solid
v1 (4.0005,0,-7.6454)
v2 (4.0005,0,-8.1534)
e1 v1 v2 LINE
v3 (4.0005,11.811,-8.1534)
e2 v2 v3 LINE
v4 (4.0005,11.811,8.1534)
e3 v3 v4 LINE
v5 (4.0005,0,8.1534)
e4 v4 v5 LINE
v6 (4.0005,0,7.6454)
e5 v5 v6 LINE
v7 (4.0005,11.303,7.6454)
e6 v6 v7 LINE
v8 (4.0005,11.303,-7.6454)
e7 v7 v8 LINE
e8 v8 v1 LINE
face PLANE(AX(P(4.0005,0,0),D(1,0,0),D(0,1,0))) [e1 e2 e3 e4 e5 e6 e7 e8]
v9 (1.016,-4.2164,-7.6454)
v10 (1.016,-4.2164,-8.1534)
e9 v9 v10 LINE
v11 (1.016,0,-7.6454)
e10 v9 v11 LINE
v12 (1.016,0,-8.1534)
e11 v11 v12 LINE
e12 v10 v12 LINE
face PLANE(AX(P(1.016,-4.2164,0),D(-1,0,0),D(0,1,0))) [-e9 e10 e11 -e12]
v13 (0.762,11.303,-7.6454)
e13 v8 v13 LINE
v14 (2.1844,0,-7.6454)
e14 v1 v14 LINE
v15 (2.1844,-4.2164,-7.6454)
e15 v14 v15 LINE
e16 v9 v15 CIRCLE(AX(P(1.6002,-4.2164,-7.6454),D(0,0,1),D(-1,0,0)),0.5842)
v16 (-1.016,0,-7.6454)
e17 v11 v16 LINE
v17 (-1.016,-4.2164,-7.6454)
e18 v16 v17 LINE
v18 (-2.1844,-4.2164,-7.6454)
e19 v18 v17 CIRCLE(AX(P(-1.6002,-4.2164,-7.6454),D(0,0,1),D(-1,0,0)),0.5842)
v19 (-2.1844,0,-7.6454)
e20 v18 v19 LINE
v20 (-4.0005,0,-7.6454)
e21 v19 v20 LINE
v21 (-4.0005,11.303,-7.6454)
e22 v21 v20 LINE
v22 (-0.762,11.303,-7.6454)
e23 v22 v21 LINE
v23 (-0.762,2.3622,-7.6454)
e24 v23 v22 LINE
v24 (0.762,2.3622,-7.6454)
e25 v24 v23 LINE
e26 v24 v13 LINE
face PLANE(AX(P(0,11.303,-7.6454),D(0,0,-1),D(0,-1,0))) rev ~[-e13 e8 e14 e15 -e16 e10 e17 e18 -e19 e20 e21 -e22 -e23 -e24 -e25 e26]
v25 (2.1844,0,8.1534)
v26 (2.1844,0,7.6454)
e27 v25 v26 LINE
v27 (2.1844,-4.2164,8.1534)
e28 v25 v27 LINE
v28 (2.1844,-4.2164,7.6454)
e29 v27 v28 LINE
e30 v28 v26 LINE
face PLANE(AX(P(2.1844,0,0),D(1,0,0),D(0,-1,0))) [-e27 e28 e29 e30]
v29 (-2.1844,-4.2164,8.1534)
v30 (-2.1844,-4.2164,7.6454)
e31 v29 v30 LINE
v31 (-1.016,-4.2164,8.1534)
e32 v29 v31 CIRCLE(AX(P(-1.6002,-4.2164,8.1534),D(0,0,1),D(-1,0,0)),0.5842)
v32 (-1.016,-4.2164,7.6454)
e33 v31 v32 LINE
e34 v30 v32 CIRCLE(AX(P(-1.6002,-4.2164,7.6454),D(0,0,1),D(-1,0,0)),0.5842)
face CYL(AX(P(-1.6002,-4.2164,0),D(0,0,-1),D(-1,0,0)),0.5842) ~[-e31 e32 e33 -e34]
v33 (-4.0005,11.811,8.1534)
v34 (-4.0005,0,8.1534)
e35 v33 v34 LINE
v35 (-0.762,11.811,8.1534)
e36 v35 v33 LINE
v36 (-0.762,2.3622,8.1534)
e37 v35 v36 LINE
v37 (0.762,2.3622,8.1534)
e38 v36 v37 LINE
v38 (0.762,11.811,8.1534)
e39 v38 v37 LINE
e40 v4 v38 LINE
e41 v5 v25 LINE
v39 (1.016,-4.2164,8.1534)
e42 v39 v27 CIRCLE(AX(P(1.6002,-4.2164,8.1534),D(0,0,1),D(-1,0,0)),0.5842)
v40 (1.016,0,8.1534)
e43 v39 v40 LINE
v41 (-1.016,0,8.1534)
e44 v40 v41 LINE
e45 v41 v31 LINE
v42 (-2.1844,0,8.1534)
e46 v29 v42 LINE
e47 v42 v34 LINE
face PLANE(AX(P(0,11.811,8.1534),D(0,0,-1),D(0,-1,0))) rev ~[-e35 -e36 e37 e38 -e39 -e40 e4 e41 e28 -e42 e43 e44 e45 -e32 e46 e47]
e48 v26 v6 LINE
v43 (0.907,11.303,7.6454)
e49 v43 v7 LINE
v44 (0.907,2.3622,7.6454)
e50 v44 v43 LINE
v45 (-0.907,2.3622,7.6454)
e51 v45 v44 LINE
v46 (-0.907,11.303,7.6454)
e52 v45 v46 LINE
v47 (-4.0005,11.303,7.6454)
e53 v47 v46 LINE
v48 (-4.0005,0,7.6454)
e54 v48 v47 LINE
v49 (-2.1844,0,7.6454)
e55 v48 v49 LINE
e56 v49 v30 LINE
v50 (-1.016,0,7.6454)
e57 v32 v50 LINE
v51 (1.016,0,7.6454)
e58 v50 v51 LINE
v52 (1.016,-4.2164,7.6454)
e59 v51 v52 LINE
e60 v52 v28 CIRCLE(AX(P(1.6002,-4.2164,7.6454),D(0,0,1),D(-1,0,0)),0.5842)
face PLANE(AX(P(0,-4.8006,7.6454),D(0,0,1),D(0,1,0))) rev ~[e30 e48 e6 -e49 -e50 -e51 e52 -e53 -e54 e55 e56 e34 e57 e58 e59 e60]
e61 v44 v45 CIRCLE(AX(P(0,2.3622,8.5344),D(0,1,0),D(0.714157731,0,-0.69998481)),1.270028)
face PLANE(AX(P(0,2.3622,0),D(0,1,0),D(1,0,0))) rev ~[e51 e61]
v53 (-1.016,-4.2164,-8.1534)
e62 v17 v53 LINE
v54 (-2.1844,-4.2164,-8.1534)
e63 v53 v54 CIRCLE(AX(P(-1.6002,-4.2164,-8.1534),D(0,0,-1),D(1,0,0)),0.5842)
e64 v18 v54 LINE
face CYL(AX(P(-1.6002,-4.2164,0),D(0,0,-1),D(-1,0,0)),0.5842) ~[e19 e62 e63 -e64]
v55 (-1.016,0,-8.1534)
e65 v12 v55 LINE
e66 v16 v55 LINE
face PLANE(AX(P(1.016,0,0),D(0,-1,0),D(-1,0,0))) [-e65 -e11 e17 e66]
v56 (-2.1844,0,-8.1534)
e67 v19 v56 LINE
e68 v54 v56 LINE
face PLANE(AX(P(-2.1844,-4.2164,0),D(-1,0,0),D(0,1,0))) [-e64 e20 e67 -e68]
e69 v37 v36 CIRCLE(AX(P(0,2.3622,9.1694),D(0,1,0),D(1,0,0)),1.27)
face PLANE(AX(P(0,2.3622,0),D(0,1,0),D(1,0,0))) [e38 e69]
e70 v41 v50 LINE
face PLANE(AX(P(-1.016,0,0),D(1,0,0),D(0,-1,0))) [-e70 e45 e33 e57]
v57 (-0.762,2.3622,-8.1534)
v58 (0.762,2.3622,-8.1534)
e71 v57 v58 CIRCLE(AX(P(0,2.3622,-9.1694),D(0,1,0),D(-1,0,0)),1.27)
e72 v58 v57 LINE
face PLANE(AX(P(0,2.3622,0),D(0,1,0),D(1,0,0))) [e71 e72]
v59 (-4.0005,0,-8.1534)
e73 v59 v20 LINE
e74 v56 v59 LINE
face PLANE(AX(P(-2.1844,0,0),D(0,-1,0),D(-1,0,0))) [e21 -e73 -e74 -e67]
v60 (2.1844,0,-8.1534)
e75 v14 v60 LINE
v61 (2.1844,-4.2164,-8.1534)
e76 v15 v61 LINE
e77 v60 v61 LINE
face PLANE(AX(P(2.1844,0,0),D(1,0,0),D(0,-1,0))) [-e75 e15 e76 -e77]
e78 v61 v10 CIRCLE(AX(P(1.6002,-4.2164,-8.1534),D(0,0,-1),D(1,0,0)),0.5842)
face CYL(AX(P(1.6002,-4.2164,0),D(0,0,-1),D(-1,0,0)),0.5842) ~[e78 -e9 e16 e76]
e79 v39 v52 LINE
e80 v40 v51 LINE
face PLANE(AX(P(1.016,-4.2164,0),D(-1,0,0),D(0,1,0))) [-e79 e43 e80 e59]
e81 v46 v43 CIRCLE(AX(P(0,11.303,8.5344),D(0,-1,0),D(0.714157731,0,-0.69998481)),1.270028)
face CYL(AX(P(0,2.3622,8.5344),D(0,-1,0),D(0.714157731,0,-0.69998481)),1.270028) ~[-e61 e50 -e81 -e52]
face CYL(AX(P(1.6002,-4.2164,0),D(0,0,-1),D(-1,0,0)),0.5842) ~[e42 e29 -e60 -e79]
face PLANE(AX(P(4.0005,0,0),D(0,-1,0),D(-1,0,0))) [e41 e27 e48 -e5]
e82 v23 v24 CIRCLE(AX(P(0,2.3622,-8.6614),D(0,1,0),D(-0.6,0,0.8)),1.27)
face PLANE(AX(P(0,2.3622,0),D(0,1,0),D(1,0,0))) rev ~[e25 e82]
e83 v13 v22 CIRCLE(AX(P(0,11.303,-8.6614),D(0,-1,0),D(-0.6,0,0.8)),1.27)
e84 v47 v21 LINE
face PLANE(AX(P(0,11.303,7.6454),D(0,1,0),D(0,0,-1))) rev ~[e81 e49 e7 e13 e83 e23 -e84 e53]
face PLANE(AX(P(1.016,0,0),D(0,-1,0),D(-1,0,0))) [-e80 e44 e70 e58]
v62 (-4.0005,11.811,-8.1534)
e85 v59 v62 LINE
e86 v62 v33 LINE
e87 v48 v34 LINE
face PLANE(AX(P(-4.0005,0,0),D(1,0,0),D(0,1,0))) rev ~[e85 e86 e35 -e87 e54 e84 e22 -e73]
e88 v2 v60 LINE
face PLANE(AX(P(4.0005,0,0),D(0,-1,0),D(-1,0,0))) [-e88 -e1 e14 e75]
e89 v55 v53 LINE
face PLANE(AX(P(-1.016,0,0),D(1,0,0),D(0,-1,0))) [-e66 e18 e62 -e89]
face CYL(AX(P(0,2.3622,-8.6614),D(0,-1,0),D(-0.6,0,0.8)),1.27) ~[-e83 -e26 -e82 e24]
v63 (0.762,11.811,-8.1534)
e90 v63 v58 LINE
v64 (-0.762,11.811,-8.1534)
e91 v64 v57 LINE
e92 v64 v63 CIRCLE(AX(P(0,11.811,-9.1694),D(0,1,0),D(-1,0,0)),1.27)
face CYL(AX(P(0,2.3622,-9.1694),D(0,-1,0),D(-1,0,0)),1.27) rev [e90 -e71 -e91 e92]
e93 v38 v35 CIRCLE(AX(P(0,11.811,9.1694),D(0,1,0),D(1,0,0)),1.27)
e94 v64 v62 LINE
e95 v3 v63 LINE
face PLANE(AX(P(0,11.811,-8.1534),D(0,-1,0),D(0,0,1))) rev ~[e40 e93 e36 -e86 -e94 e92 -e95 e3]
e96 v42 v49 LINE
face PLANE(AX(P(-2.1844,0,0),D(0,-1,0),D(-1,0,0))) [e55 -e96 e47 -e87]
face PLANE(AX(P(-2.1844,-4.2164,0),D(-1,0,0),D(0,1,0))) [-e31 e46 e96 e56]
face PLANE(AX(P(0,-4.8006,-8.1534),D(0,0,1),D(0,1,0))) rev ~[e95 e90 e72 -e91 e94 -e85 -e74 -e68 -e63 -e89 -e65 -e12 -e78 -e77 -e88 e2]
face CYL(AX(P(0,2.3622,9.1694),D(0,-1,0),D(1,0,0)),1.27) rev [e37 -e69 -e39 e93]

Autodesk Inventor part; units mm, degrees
sketch "Sketch_1" plane through (0, 0, 0) normal (1, 0, 0) x (0, 1, 0)
  line L0 (-4.8006, 8.1534) -> (-4.8006, 7.6454)
  line L1 (-4.8006, 7.6454) -> (11.303, 7.6454)
  line L2 (11.303, 7.6454) -> (11.303, -7.6454)
  line L3 (11.303, -7.6454) -> (-4.8006, -7.6454)
  line L4 (-4.8006, -7.6454) -> (-4.8006, -8.1534)
  line L5 (-4.8006, -8.1534) -> (11.811, -8.1534)
  line L6 (11.811, -8.1534) -> (11.811, 8.1534)
  line L7 (11.811, 8.1534) -> (-4.8006, 8.1534)
extrude "Extrusion1" add sketch "Sketch_1" along normal mid plane 8.001
sketch "Sketch_2" plane through (0, 0, 0) normal (0, 0, 1) x (1, 0, 0)
  line L0 (-4.0005, 0) -> (-4.0005, -4.953)
  line L1 (-4.0005, -4.953) -> (4.0005, -4.953)
  line L2 (4.0005, -4.953) -> (4.0005, 0)
  line L3 (4.0005, 0) -> (2.1844, 0)
  line L4 (2.1844, 0) -> (2.1844, -4.2164)
  arc A0 (1.016, -4.2164) -> (2.1844, -4.2164) centre (1.6002, -4.2164) ccw
  line L5 (1.016, -4.2164) -> (1.016, 0)
  line L6 (1.016, 0) -> (-1.016, 0)
  line L7 (-1.016, 0) -> (-1.016, -4.2164)
  arc A1 (-2.1844, -4.2164) -> (-1.016, -4.2164) centre (-1.6002, -4.2164) ccw
  line L8 (-2.1844, -4.2164) -> (-2.1844, 0)
  line L9 (-2.1844, 0) -> (-4.0005, 0)
extrude "Extrusion2" cut sketch "Sketch_2" along normal mid plane 16.3068
sketch "Sketch_3" plane through (0, 2.3622, 0) normal (0, 1, 0) x (1, 0, 0)
  arc A0 (-0.762, 7.6454) -> (0.762, 7.6454) centre (0, 8.6614) ccw
  line L0 (0.762, 7.6454) -> (-0.762, 7.6454)
extrude "Extrusion3" add sketch "Sketch_3" along normal blind 9.4488
sketch "Sketch_4" plane through (0, 2.3622, 0) normal (0, 1, 0) x (1, 0, 0)
  arc A0 (-1.27, 9.1694) -> (1.27, 9.1694) centre (0, 9.1694) ccw
  line L0 (1.27, 9.1694) -> (-1.27, 9.1694)
extrude "Extrusion4" cut sketch "Sketch_4" along normal blind 9.4488
sketch "Sketch_5" plane through (0, 2.3622, 0) normal (0, 1, 0) x (1, 0, 0)
  line L0 (-0.907, -7.6454) -> (0.907, -7.6454)
  arc A0 (0.907, -7.6454) -> (-0.907, -7.6454) centre (0, -8.5344) ccw
extrude "Extrusion5" add sketch "Sketch_5" along normal blind 9.4488
sketch "Sketch_6" plane through (0, 2.3622, 0) normal (0, 1, 0) x (1, 0, 0)
  line L0 (-1.27, -9.1694) -> (1.27, -9.1694)
  arc A0 (1.27, -9.1694) -> (-1.27, -9.1694) centre (0, -9.1694) ccw
extrude "Extrusion6" cut sketch "Sketch_6" along normal blind 9.4488
ref_plane "bracket_to_switch_XY" through (0, 11.303, 0) normal (0, 1, 0) x (1, 0, 0)
ref_plane "bracket_to_switch_YZ" through (0, 11.303, 0) normal (1, 0, 0) x (0, 0, -1)
ref_plane "bracket_to_switch_ZX" through (0, 11.303, 0) normal (0, 0, -1) x (0, 1, 0)
properties part number "BBRACKET13"
